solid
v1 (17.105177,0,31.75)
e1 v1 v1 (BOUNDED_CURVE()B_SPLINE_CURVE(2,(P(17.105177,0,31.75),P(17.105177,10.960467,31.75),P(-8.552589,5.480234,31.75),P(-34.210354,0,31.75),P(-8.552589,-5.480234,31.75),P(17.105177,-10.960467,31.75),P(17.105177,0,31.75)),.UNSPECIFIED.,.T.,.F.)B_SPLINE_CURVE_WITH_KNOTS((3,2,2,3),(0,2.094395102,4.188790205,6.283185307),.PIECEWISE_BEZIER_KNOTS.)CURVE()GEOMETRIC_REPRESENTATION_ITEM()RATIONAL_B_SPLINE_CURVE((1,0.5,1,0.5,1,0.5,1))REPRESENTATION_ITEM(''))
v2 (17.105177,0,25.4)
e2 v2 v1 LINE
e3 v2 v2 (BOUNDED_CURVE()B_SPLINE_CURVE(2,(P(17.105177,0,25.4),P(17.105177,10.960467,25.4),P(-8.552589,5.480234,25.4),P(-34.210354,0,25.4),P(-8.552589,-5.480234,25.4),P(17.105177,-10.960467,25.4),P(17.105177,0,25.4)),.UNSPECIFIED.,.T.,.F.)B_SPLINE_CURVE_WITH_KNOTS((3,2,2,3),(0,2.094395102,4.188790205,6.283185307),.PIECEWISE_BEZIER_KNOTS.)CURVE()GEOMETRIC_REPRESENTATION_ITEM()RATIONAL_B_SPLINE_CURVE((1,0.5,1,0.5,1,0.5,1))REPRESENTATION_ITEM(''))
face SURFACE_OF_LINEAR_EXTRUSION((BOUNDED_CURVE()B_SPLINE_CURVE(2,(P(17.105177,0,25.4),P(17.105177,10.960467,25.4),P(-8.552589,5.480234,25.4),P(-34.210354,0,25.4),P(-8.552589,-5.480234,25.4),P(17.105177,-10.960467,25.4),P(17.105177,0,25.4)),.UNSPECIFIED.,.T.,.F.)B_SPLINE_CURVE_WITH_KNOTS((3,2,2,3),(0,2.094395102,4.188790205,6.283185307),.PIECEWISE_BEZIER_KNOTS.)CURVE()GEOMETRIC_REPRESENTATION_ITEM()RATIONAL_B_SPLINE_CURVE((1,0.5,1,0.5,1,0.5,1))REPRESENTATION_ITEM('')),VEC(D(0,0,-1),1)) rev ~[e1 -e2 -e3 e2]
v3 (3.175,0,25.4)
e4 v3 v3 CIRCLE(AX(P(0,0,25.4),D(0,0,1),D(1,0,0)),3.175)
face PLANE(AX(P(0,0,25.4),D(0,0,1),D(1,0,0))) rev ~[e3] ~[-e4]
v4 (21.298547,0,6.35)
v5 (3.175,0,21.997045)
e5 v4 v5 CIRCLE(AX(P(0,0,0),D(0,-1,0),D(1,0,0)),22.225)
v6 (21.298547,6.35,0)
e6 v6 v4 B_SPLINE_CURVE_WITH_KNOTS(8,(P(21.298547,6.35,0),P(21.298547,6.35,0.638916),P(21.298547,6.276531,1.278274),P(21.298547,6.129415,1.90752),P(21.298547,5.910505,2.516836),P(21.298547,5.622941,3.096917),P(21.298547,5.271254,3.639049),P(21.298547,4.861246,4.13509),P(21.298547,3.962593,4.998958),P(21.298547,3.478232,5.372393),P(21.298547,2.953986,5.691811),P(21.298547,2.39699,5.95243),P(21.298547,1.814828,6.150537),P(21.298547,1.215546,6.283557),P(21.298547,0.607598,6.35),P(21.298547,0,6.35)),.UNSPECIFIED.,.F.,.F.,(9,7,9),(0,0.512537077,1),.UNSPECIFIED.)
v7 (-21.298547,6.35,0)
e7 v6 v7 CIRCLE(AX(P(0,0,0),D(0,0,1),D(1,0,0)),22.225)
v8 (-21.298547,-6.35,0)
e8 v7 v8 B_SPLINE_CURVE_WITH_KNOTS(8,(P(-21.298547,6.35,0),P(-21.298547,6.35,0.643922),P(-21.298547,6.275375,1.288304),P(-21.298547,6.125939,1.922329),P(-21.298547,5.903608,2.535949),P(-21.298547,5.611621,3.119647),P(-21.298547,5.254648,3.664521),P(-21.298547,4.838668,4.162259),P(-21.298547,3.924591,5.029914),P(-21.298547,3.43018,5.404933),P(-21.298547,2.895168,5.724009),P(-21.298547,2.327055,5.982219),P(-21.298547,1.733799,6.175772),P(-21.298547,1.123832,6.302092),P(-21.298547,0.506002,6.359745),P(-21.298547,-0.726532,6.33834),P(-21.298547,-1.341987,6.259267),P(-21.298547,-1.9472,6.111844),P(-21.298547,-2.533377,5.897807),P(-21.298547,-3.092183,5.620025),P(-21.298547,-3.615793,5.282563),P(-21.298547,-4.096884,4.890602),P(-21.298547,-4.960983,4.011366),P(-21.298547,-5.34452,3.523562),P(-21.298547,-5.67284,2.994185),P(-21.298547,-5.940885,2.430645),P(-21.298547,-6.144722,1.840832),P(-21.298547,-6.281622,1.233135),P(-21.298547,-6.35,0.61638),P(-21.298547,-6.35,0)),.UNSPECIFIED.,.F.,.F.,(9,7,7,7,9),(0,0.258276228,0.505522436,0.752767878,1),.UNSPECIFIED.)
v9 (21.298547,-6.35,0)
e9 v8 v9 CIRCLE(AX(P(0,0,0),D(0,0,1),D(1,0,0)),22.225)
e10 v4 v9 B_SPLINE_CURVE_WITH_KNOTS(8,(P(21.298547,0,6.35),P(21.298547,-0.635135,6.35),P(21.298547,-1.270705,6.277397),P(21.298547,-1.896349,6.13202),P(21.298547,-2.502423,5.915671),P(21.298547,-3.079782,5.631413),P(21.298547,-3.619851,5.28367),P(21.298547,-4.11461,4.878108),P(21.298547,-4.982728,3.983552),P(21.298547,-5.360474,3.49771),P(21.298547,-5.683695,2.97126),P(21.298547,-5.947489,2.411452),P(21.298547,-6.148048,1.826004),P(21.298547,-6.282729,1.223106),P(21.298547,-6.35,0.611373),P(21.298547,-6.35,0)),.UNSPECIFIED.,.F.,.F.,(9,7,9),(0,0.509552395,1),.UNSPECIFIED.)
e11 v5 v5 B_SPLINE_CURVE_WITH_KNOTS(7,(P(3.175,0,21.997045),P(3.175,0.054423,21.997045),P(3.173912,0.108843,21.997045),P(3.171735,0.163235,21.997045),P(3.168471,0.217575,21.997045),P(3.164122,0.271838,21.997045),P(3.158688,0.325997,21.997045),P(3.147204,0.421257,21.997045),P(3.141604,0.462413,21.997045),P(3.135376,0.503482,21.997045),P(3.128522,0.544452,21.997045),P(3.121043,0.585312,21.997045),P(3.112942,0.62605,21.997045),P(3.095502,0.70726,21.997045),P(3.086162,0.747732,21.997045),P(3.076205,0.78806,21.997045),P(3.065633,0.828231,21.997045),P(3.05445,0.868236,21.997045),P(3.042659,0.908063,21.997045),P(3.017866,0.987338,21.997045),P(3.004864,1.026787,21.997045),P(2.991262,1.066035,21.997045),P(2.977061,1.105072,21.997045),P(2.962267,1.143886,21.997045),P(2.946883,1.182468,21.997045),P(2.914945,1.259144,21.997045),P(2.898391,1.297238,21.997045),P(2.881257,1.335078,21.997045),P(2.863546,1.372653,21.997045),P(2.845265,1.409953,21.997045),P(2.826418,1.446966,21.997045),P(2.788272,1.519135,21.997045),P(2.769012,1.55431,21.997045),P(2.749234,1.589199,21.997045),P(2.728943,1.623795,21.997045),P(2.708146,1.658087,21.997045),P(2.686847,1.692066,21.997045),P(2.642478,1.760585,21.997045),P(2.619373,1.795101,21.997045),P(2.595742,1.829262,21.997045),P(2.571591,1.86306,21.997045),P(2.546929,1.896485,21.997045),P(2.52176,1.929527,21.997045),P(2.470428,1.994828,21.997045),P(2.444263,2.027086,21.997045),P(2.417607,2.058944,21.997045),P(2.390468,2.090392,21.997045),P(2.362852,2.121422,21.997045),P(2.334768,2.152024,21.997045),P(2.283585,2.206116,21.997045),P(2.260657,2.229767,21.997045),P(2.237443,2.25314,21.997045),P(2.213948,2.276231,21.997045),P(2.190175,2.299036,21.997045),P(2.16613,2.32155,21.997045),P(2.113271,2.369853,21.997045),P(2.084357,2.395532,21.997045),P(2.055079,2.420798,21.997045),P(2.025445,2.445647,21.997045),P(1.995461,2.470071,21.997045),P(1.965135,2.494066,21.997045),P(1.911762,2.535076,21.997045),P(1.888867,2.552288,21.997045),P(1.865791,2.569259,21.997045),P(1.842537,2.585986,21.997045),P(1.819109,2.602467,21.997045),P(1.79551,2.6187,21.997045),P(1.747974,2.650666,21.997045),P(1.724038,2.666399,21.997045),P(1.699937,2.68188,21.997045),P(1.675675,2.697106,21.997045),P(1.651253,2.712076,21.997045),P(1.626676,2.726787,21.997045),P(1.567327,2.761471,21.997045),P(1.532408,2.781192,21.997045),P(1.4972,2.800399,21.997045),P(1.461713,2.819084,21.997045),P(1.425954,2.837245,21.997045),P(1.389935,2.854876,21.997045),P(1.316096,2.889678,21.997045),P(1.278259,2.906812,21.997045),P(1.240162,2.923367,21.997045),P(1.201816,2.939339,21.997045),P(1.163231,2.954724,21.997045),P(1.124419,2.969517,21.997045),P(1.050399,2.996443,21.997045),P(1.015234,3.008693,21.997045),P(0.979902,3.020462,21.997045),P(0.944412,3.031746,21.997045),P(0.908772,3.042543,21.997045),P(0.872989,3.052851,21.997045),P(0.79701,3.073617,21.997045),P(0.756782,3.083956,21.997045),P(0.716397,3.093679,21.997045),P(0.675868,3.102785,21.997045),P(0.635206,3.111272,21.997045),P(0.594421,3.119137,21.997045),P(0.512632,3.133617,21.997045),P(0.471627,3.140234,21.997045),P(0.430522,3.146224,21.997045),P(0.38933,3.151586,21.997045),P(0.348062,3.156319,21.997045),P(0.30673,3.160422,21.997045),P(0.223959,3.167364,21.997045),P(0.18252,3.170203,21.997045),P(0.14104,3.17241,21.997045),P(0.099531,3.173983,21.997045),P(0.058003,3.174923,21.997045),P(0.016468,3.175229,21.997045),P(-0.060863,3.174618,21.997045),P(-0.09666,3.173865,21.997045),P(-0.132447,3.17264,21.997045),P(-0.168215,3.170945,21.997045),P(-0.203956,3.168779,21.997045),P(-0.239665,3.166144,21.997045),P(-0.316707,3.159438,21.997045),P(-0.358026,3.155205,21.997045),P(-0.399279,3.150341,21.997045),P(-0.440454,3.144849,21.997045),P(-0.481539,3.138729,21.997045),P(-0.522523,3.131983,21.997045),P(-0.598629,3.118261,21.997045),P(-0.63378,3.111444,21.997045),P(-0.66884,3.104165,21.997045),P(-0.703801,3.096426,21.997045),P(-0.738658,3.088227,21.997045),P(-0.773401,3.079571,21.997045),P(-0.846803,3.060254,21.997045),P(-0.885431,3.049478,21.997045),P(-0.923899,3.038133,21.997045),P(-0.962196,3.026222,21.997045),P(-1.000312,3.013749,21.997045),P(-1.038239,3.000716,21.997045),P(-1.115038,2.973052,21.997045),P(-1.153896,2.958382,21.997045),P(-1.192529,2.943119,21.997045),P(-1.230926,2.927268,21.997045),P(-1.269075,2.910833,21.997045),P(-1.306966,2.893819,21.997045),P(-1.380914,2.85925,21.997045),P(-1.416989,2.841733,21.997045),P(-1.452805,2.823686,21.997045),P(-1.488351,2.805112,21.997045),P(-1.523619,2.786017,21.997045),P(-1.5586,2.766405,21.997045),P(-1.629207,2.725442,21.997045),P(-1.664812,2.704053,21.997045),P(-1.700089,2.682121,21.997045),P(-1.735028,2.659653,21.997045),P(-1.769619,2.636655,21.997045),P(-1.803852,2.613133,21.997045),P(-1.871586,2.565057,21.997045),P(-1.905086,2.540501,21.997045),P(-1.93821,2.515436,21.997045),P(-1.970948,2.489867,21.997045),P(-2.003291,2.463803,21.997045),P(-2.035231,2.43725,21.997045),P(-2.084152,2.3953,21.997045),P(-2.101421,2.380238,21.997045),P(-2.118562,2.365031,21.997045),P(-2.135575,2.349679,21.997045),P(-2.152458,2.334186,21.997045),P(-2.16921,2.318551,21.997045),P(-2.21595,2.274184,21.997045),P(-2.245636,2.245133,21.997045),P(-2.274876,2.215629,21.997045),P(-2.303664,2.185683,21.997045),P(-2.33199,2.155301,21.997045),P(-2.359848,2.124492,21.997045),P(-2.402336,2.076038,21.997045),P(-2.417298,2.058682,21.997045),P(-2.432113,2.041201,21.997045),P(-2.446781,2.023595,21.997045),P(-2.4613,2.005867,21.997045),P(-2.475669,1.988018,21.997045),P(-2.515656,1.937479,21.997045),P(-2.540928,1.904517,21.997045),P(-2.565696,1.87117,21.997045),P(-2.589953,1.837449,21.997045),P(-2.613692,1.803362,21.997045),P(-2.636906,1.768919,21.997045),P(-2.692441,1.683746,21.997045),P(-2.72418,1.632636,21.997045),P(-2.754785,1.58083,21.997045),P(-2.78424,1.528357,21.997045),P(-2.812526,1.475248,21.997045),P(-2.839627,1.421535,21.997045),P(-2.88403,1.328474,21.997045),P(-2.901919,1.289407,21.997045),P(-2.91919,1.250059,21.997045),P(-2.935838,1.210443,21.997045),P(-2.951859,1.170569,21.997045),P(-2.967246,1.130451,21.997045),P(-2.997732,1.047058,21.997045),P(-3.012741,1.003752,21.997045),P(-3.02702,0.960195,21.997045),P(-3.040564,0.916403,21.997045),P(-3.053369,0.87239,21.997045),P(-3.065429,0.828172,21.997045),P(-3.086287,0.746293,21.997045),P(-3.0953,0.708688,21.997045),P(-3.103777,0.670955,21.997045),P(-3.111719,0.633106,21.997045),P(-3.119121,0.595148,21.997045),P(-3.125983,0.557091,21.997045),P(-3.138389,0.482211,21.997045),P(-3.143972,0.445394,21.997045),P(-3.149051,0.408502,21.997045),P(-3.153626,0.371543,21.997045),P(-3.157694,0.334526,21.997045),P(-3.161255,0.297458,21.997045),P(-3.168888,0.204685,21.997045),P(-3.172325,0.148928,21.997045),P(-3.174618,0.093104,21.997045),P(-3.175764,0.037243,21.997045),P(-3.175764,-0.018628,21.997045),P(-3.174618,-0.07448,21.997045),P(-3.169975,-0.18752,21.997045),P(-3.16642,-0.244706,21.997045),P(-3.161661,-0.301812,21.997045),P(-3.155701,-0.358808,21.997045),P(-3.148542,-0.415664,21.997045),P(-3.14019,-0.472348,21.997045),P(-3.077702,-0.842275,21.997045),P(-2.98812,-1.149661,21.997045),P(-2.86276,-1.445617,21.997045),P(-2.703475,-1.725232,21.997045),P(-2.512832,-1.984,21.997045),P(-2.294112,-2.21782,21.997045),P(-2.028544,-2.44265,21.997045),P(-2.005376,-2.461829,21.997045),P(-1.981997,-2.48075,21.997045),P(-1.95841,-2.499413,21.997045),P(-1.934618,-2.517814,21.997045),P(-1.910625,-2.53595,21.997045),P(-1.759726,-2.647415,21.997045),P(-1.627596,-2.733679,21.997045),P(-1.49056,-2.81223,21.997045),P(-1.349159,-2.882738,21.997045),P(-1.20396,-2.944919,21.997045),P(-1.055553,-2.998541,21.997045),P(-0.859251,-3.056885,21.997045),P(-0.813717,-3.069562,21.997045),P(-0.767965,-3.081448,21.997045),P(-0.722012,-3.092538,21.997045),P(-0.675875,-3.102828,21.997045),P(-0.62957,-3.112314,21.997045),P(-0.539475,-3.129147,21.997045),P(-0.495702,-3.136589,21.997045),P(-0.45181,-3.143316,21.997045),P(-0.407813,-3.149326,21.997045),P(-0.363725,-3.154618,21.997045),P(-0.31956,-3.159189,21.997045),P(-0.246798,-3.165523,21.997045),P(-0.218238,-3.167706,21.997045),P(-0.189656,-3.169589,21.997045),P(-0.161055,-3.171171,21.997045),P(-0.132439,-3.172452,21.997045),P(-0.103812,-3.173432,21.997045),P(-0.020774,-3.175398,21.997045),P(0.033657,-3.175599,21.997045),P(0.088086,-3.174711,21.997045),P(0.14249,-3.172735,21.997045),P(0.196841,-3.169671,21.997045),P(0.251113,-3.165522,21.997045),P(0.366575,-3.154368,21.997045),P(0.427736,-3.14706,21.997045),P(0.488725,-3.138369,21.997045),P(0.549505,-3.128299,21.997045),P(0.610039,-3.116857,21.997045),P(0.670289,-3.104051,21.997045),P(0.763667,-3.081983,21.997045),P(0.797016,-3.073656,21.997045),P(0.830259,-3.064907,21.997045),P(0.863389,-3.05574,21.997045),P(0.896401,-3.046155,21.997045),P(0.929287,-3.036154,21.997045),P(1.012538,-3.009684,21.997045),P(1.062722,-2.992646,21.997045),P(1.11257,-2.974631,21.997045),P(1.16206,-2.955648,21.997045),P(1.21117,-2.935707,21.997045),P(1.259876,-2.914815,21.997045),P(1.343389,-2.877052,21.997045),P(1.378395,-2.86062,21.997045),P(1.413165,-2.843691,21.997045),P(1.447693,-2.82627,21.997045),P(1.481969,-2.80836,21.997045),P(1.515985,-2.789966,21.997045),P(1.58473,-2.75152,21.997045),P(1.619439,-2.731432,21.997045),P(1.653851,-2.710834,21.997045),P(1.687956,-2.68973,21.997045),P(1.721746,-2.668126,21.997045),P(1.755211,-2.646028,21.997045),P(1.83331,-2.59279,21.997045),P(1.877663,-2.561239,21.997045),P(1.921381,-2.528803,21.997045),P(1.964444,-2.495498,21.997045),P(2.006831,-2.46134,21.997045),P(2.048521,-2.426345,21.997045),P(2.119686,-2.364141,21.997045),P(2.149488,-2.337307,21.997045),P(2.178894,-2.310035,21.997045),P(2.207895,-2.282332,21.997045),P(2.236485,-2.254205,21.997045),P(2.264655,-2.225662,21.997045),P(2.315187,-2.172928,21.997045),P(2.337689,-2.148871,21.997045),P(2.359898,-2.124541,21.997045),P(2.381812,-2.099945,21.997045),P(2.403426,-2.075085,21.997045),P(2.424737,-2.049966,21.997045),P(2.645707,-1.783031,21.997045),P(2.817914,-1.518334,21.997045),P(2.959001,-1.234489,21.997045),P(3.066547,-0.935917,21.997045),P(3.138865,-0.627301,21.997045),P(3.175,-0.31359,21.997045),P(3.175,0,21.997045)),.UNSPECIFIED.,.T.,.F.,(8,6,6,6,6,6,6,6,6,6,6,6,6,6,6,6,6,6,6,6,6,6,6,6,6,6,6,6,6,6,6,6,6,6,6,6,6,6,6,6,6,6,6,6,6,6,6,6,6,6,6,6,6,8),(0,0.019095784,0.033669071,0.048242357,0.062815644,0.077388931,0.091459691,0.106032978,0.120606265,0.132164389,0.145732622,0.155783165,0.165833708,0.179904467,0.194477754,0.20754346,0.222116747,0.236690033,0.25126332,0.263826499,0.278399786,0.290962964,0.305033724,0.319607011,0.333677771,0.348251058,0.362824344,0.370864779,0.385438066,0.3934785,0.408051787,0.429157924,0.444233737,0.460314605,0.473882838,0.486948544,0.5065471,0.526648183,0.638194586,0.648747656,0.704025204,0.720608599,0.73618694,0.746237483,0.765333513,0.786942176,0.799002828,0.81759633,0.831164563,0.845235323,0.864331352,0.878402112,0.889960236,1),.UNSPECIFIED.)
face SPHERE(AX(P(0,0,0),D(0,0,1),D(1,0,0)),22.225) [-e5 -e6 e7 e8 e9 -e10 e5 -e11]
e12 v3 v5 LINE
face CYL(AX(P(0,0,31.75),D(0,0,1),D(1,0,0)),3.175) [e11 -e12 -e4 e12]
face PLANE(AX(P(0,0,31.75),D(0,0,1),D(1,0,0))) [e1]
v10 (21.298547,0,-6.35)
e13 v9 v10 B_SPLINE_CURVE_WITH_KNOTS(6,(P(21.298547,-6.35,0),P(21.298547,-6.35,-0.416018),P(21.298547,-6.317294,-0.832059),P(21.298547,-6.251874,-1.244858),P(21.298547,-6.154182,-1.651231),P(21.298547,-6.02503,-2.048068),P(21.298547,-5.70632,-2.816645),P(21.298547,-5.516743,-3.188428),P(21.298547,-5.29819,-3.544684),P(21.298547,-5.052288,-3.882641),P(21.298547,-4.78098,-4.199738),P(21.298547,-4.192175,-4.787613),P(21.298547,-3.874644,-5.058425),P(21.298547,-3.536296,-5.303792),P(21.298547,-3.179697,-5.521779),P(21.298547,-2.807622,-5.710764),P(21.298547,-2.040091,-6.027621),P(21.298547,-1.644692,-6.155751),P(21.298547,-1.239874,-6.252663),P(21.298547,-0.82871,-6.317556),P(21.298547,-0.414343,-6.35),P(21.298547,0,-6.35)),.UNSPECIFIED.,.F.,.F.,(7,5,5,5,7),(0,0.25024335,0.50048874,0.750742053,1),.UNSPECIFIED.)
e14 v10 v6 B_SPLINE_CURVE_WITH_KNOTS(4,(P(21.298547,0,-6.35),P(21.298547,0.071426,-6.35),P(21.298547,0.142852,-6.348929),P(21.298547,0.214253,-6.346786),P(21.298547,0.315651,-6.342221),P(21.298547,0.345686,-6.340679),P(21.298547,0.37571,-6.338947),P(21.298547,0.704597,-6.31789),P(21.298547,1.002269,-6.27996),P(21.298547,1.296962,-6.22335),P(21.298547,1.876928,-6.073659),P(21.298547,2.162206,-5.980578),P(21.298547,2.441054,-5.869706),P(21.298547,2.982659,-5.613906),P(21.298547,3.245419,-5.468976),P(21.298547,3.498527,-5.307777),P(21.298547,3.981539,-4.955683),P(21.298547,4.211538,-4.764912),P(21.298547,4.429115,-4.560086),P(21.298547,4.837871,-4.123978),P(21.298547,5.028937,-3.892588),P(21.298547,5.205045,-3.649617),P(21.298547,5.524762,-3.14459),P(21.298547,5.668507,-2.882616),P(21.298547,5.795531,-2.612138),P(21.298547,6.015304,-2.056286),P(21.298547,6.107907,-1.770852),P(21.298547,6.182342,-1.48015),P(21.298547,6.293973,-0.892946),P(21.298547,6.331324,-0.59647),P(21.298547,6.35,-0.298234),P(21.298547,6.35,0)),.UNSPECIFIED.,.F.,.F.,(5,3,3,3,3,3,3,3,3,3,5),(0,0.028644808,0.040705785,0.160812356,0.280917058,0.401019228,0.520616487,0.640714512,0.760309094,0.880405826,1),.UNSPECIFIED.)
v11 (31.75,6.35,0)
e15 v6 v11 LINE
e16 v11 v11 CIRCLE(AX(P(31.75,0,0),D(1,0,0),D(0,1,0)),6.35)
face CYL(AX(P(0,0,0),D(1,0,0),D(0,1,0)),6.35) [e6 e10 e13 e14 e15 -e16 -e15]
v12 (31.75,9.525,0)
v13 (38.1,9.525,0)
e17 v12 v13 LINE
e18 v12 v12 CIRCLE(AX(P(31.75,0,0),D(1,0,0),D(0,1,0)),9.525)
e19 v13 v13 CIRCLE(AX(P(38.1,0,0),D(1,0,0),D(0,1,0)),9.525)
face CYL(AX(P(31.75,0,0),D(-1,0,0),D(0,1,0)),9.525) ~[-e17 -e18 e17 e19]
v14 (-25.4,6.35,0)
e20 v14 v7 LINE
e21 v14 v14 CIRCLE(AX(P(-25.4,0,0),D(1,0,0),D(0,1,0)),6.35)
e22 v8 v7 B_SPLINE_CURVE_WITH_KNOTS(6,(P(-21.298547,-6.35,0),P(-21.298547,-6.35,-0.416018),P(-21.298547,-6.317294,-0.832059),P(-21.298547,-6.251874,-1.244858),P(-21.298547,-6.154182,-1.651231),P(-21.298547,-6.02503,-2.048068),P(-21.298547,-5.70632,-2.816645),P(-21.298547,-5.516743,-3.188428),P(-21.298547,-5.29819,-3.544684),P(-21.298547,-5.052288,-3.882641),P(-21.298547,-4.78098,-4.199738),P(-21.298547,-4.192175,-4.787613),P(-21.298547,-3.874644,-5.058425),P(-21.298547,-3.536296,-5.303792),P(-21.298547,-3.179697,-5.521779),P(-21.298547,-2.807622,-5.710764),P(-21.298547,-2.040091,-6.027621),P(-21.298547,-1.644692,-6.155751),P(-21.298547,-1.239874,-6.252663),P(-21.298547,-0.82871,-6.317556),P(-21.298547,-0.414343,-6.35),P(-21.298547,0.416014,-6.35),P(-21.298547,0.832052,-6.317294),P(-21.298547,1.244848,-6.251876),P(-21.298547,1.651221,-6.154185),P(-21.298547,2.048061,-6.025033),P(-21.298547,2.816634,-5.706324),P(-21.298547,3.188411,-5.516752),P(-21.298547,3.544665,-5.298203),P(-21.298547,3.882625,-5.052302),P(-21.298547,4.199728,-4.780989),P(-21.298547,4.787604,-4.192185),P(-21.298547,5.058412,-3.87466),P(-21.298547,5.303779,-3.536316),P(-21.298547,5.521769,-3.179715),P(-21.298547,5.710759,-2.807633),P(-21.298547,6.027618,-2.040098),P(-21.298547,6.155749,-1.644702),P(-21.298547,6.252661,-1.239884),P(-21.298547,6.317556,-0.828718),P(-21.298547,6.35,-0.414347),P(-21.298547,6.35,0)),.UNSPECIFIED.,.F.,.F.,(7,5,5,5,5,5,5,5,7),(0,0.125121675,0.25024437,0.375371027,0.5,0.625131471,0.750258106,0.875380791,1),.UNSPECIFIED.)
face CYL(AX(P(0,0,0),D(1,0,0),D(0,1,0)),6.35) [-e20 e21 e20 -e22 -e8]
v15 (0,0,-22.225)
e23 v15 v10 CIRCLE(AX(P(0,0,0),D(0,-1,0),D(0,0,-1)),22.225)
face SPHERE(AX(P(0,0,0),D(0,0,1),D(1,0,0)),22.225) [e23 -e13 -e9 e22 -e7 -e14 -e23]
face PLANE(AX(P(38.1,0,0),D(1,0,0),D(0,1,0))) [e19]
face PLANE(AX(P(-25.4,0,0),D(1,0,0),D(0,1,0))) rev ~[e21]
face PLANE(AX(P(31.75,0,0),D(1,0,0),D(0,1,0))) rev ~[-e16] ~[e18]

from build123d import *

# Parameters (mm, degrees)
F3_START      = 25.4
F3_DEPTH      = 6.35
F4_R          = 6.35
F5_DEPTH      = 38.1
F5_DEPTH_BACK = 25.4
F6_START      = 31.75
F4_R_2        = 9.525
F6_DEPTH      = 6.35
F7_R          = 3.175
F8_DEPTH      = 25.4


with BuildPart() as f1:
    # F0 (on Front) → F1 (revolve)
    with BuildSketch(Plane.XZ):
        with BuildLine():
            ThreePointArc((0, -22.225), (15.7154482119, -15.7154482119), (22.225, 0))
            ThreePointArc((22.225, 0), (15.7154482119, 15.7154482119), (0, 22.225))
            Line((0, 22.225), (0, -22.225))
        make_face()
    revolve(axis=Axis((0, 0, -2.3260256276), (0, 0, 1)))



with BuildPart() as f3:
    # F2 (on Top) → F3 (new body)
    with BuildSketch(Plane.XY.offset(F3_START)):
        with BuildLine():
            add(Edge.make_bspline(
                [(17.1051770449, 0), (17.1051770449, 10.9604673982), (-8.5525885224, 5.4802336991), (-34.2103540897, 0), (-8.5525885224, -5.4802336991), (17.1051770449, -10.9604673982), (17.1051770449, 0)],
                knots=[0, 0, 0, 2.0943951024, 2.0943951024, 4.1887902048, 4.1887902048, 6.2831853072, 6.2831853072, 6.2831853072], degree=2, weights=[1, 0.5, 1, 0.5, 1, 0.5, 1]))
        make_face()
    extrude(amount=F3_DEPTH)


with BuildPart() as f5:
    # F4 (on Right) → F5 (new body, two sides)
    with BuildSketch(Plane.YZ) as f5_sk:
        Circle(F4_R)
    extrude(amount=F5_DEPTH)
    extrude(f5_sk.sketch, amount=-F5_DEPTH_BACK)

    # F4 (on Right) → F6 (join)
    with BuildSketch(Plane.YZ.offset(F6_START)):
        Circle(F4_R_2)
        Circle(F4_R, mode=Mode.SUBTRACT)
    extrude(amount=F6_DEPTH)


with BuildPart() as f1_1:
    add(f1.part)

    add(f3.part)  # F8 merges F3

    add(f5.part)  # F8 merges F5
    # F7 (on face) → F8 (join)
    with BuildSketch(Plane.XY.offset(31.75)):
        Circle(F7_R)
    extrude(amount=-F8_DEPTH)


solid = f1_1.part
